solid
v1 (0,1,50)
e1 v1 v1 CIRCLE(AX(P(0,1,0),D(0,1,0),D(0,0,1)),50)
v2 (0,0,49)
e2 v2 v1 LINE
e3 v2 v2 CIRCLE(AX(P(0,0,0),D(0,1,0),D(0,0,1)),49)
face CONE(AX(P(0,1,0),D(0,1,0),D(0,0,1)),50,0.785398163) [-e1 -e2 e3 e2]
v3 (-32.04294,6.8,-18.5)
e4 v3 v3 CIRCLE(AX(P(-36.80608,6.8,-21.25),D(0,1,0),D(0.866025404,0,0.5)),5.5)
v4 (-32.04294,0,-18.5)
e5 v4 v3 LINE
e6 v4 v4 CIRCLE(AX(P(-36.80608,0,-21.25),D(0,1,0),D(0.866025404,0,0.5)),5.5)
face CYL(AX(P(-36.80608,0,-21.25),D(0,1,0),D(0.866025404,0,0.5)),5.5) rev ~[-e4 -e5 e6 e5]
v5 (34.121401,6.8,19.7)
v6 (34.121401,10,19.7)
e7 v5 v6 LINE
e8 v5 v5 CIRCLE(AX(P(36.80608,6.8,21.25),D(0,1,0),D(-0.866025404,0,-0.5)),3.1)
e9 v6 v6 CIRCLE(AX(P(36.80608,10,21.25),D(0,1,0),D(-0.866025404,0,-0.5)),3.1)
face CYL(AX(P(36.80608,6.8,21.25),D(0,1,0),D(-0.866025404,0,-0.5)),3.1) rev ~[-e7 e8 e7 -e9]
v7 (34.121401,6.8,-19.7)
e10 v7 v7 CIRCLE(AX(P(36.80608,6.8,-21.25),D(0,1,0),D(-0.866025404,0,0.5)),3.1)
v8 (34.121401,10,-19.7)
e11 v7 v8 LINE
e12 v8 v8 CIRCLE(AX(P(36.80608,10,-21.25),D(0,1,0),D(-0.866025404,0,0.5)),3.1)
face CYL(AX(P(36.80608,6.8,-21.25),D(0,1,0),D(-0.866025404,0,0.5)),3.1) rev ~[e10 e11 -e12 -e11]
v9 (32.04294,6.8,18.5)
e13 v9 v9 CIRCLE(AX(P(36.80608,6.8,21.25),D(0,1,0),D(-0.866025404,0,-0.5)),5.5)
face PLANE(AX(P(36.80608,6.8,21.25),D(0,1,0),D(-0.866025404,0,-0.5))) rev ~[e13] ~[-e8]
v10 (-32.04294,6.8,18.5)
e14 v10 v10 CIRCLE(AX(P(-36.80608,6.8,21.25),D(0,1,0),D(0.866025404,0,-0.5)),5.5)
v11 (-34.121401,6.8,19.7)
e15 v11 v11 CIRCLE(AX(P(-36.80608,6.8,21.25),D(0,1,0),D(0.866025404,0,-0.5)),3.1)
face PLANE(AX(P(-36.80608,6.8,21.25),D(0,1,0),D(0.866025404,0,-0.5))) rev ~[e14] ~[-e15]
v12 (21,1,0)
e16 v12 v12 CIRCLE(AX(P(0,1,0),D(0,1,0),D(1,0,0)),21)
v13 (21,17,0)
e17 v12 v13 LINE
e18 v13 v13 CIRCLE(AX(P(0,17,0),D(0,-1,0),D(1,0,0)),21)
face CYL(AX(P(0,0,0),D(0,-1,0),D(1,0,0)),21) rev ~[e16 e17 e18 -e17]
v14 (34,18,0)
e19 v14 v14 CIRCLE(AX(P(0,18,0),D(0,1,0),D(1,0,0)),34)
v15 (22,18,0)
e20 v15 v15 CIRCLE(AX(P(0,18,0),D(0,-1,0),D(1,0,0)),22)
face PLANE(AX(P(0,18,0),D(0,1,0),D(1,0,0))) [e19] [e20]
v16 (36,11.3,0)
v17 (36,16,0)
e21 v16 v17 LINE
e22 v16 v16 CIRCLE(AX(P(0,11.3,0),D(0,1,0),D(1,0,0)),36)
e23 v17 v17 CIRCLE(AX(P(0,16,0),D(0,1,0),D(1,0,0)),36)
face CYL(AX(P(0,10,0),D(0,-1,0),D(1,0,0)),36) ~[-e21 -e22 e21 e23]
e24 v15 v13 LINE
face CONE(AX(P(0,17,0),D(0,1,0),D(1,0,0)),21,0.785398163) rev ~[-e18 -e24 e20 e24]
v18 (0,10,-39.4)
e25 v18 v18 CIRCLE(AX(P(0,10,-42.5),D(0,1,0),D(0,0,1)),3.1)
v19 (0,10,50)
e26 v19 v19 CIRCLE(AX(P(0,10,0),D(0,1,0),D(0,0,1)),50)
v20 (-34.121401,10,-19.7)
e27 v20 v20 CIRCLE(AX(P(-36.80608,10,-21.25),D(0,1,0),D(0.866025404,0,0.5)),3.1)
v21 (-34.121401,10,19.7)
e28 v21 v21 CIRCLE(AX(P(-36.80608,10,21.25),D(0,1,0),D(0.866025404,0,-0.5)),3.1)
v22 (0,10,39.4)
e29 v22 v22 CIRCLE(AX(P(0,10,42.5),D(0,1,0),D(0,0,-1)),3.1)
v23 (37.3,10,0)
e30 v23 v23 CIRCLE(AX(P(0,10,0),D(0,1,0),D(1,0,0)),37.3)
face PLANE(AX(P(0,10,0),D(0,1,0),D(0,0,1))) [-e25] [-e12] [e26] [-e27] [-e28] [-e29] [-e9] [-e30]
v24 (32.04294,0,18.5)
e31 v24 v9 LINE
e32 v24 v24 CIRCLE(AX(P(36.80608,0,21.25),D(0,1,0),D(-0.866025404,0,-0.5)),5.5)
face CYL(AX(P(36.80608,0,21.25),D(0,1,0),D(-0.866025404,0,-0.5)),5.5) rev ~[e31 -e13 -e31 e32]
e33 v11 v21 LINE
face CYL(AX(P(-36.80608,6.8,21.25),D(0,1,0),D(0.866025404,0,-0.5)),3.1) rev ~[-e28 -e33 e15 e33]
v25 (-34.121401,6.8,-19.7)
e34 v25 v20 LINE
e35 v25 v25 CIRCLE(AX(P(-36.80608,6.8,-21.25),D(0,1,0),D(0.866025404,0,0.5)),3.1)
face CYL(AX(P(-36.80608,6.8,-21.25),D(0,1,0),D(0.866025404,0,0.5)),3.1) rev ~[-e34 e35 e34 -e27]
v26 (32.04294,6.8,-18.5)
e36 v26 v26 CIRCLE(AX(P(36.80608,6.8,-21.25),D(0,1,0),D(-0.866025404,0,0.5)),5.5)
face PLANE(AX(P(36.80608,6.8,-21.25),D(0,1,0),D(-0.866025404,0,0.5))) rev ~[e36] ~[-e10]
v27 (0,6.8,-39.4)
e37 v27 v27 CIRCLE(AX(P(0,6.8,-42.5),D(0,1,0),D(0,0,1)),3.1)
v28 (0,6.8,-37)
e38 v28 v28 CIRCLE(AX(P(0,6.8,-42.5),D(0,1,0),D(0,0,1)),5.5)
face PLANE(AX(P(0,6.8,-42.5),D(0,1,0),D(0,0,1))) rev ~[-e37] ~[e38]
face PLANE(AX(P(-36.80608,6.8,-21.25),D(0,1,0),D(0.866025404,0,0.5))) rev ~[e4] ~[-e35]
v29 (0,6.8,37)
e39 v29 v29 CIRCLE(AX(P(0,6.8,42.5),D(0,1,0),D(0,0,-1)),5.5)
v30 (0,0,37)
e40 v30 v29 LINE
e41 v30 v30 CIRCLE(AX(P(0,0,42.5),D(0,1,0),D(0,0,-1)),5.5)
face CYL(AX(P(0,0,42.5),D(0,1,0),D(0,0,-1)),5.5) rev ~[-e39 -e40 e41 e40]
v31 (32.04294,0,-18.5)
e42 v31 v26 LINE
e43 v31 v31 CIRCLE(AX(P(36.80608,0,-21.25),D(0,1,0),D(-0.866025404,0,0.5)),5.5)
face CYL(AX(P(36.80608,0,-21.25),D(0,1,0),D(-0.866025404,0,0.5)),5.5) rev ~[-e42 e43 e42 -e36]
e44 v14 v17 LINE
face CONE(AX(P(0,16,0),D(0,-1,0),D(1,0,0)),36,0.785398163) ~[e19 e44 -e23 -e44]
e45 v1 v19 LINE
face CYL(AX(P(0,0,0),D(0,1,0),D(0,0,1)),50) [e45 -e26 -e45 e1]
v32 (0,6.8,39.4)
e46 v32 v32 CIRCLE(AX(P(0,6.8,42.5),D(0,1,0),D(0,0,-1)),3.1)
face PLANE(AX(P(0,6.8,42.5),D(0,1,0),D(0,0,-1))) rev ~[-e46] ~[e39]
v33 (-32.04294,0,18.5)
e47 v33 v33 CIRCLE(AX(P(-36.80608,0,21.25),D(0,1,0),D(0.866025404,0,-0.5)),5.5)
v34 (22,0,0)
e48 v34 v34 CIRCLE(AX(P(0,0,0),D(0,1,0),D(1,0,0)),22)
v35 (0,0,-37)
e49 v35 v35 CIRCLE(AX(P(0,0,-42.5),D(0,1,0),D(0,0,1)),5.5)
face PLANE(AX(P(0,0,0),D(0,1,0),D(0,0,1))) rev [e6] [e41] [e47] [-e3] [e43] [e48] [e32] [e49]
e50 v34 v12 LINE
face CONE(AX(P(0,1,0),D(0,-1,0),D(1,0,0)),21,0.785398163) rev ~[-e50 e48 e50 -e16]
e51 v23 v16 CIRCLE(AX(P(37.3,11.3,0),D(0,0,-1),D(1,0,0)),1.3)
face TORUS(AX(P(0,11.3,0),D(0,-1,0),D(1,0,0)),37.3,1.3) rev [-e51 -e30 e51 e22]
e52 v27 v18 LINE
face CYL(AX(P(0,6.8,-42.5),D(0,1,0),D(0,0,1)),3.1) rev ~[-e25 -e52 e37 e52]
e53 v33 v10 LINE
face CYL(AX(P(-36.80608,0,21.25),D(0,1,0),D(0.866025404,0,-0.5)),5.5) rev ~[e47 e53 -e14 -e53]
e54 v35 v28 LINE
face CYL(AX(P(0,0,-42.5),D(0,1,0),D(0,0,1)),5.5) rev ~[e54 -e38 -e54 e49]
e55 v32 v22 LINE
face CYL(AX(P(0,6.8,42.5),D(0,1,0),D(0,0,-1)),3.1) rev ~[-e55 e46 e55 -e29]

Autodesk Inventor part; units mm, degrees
ref_plane "YZ Plane" through (0, 0, 0) normal (1, 0, 0) x (0, 1, 0)
ref_plane "XZ Plane" through (0, 0, 0) normal (0, 1, 0) x (-1, 0, 0)
ref_plane "XY Plane" through (0, 0, 0) normal (0, 0, 1) x (1, 0, 0)
sketch "Эскиз1" plane through (0, 0, 0) normal (0, 0, 1) x (1, 0, 0)
  line L0 (0, 5) -> (0, 0)
  line L1 (0, 0) -> (36, 0)
  line L2 (36, 0) -> (36, 10)
  line L3 (36, 10) -> (16, 10)
  line L4 (16, 10) -> (16, 5)
  line L5 (16, 5) -> (0, 5)
  dimension "d0" = 5
  dimension "d1" = 20
  dimension "d3" = 10
  dimension "d4" = 36
revolve "Вращение1" add sketch "Эскиз1" angle 360 about axis through (0, 5, 0) along (0, -1, 0)
sketch "Эскиз2" plane through (0, 0, 0) normal (1, 0, 0) x (0, 1, 0)
  line L0 (-2, 0) -> (12, 0) projected
  line L1 (0, -34) -> (0, 64) projected
  line L2 (0, 0) -> (0, 50)
  line L3 (0, 50) -> (10, 50)
  line L4 (10, 50) -> (10, 0)
  line L5 (0, 0) -> (10, 0)
  line L6 (10, 36) -> (0, 36) projected
  dimension "d6" = 10
  dimension "d7" = 50
revolve "Вращение2" add sketch "Эскиз2" angle 360 about axis through (0, -10, 0) along (0, 1, 0)
chamfer "Фаска1" distance 1 angle 45 1 edges at (0, 0, -50)
sketch "Эскиз3" plane through (0, 0, 0) normal (0, -1, 0) x (1, 0, 0)
  circle A0 centre (0, 0) radius 42.5 construction
  circle A1 centre (0, 42.5) radius 5.5
  line L0 (0, -70) -> (0, 70) projected
  line L1 (-70, 0) -> (70, 0) projected
  dimension "d10" = 85
  dimension "d9" = 11
hole "Отверстие1" at (0, 0, 42.5) direction (0, 1, 0) diameter 6.2 depth 15 tip angle 118 counterbore diameter 11 counterbore depth 6.8
pattern_circular "Круговой массив1" count 6 over 360 about axis through (0, -10, 0) along (0, 1, 0) of "Отверстие1"
sketch "Эскиз4" plane through (0, 10, 0) normal (0, 1, 0) x (1, 0, 0)
  circle A0 centre (0, 0) radius 36 projected
  circle A1 centre (0, 0) radius 16 projected
  circle A2 centre (0, 0) radius 16
  circle A3 centre (0, 0) radius 36
  dimension "d27" = 72
extrude "Выдавливание2" add sketch "Эскиз4" along normal blind 8
fillet "Сопряжение1" radius 1.3 1 edges at (-36, 10, 0)
sketch "Эскиз5" plane through (0, 0, 0) normal (0, -1, 0) x (1, 0, 0)
  line L0 (-70, 0) -> (70, 0) projected
  line L1 (0, 70) -> (0, -70) projected
  circle A0 centre (0, 0) radius 21
  dimension "d31" = 42
extrude "Выдавливание3" cut sketch "Эскиз5" against normal blind 50
chamfer "Фаска2" distance 1 angle 45 2 edges at (-21, 0, 0) (-21, 18, 0)
chamfer "Фаска3" distance 2 angle 45 1 edges at (-36, 18, 0)
properties part number "Крышка большая_ПОД МАНЖЕТУ"
